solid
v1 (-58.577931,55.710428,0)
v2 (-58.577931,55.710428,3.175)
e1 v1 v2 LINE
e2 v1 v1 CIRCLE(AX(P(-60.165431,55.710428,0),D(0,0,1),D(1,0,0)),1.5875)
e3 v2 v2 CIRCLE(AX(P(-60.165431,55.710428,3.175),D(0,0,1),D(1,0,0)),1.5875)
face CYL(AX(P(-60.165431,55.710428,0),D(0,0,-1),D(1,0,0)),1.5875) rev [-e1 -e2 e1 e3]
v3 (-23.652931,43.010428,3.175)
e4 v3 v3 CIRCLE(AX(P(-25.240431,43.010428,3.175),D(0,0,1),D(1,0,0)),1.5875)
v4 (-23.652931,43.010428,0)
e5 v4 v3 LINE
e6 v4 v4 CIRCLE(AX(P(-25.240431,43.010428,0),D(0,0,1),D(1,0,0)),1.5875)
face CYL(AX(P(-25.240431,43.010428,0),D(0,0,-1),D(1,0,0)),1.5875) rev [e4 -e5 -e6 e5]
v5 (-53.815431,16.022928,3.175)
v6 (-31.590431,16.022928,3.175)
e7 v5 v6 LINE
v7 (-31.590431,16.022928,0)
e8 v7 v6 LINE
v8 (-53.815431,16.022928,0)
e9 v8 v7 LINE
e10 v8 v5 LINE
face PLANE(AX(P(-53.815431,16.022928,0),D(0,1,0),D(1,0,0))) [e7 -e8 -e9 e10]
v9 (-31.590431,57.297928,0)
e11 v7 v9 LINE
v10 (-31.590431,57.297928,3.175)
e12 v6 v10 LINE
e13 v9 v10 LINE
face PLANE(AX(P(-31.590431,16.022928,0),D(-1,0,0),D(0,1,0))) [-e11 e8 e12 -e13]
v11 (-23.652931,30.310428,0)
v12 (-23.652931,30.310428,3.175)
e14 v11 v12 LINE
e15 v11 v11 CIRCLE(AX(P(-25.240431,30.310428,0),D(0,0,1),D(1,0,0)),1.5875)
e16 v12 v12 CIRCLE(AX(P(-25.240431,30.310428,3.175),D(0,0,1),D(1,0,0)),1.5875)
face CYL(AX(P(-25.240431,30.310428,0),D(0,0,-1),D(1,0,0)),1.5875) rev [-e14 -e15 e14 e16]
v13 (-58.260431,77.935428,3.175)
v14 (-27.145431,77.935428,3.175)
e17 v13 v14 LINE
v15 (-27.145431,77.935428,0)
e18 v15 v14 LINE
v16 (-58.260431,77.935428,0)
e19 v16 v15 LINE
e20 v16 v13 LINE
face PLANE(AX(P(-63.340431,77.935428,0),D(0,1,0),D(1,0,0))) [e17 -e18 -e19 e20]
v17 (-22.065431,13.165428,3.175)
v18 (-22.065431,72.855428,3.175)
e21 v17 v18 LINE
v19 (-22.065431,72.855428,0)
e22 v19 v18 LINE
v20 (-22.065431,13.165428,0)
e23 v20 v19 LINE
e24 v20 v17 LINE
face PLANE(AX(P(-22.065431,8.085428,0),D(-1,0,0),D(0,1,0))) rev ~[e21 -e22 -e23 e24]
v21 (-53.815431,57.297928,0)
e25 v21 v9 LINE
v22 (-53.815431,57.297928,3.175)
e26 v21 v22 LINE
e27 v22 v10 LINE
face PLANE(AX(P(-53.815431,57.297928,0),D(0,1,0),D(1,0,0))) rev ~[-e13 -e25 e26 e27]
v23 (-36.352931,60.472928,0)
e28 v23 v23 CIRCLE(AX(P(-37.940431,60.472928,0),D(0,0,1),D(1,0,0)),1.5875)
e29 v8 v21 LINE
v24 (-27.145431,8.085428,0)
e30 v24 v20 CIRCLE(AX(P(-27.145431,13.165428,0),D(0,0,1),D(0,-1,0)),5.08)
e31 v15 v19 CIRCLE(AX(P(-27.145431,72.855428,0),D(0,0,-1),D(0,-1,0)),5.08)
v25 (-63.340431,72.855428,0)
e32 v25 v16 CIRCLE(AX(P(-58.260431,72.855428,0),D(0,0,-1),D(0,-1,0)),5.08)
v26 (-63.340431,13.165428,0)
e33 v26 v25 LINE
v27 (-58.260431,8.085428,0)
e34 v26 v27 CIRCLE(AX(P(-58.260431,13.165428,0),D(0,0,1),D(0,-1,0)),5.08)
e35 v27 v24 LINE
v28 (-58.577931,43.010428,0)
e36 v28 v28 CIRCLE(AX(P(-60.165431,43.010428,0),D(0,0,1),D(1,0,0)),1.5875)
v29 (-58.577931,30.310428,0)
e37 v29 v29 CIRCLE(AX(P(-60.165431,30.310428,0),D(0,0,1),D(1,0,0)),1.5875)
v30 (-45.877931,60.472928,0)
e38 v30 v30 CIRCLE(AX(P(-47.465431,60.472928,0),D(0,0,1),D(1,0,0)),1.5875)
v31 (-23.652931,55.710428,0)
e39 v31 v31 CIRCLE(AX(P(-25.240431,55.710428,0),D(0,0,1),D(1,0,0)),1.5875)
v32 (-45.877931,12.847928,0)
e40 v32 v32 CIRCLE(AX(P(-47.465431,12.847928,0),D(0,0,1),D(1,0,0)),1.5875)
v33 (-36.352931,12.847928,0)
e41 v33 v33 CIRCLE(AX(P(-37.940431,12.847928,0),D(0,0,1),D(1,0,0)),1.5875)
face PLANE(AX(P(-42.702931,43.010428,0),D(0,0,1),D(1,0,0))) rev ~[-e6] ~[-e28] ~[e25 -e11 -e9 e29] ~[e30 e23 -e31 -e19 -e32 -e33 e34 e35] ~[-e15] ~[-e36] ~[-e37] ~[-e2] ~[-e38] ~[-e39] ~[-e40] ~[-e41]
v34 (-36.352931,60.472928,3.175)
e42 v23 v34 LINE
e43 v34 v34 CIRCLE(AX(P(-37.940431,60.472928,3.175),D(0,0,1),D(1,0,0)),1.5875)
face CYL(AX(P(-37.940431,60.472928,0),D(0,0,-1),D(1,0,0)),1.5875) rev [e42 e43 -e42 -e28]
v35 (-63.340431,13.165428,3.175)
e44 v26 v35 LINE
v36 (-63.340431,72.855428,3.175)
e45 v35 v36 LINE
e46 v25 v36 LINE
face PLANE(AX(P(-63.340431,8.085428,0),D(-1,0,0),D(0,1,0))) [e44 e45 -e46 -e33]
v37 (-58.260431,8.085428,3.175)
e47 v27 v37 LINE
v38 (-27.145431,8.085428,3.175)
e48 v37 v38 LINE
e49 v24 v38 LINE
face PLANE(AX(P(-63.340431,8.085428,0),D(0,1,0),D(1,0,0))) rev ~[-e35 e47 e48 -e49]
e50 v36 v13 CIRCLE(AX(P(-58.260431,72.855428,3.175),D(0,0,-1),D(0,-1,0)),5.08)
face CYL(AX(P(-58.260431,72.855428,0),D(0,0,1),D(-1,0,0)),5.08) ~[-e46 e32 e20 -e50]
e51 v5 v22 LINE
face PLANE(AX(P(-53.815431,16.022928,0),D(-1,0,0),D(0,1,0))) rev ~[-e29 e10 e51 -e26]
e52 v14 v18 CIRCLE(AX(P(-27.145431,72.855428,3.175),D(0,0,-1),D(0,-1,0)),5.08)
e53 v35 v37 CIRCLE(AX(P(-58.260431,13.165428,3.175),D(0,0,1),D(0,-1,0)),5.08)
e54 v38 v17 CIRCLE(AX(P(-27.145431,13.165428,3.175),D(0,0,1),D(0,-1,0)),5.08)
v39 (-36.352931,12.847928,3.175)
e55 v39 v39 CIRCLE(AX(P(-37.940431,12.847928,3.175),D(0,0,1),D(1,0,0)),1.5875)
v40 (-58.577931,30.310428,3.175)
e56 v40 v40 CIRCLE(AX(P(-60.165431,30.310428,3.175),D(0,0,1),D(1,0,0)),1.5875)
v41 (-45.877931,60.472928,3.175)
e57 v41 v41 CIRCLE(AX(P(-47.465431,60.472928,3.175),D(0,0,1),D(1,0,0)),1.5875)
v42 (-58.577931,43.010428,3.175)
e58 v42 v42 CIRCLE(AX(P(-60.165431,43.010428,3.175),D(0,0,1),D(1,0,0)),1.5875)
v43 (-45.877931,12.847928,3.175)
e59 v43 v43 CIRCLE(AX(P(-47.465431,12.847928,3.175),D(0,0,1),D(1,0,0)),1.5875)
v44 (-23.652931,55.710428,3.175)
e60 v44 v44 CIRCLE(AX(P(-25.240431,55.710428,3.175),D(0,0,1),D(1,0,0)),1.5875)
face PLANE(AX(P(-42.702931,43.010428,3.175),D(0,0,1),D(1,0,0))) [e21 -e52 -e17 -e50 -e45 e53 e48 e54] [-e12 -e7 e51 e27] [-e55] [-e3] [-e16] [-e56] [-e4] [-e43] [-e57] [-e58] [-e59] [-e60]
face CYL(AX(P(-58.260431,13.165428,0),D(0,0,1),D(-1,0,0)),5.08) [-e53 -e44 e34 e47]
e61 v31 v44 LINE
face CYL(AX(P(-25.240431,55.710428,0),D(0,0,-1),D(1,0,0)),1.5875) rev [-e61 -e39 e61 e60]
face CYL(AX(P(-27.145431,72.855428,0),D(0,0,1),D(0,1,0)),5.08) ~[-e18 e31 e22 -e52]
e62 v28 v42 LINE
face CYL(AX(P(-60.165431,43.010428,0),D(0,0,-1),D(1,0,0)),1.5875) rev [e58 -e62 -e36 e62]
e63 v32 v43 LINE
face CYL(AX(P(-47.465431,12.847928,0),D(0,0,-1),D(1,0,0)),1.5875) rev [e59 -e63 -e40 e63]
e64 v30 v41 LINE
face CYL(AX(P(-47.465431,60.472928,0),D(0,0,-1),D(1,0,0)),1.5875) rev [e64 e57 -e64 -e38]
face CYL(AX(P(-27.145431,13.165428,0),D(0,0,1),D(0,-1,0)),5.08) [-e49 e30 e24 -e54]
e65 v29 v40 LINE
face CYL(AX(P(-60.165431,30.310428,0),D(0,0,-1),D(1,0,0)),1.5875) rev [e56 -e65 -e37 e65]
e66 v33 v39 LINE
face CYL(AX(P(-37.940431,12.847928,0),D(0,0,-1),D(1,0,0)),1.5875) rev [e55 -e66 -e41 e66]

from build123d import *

# Parameters (mm, degrees)
F0_W     = 41.275
F0_H     = 69.85
F0_R     = 1.5875
F0_W_2   = 22.225
F0_H_2   = 41.275
F1_DEPTH = 3.175
F2_R     = 5.08


with BuildPart() as f1:
    # F0 (on Top) → F1 (new body)
    with BuildSketch(Plane.XY):
        with Locations((-42.702931, 43.010428)):
            Rectangle(F0_W, F0_H)
        with Locations((-47.465431, 12.847928)):
            Circle(F0_R, mode=Mode.SUBTRACT)
        with Locations((-60.165431, 30.310428)):
            Circle(F0_R, mode=Mode.SUBTRACT)
        with Locations((-37.940431, 12.847928)):
            Circle(F0_R, mode=Mode.SUBTRACT)
        with Locations((-42.702931, 36.660428)):
            Rectangle(F0_W_2, F0_H_2, mode=Mode.SUBTRACT)
        with Locations((-25.240431, 30.310428)):
            Circle(F0_R, mode=Mode.SUBTRACT)
        with Locations((-25.240431, 43.010428)):
            Circle(F0_R, mode=Mode.SUBTRACT)
        with Locations((-60.165431, 43.010428)):
            Circle(F0_R, mode=Mode.SUBTRACT)
        with Locations((-60.165431, 55.710428)):
            Circle(F0_R, mode=Mode.SUBTRACT)
        with Locations((-47.465431, 60.472928)):
            Circle(F0_R, mode=Mode.SUBTRACT)
        with Locations((-37.940431, 60.472928)):
            Circle(F0_R, mode=Mode.SUBTRACT)
        with Locations((-25.240431, 55.710428)):
            Circle(F0_R, mode=Mode.SUBTRACT)
    extrude(amount=F1_DEPTH)

    # F2
    f2_edges = [f1.edges().sort_by_distance(p)[0] for p in [
        (-22.065431, 77.935428, 1.5875),
        (-63.340431, 77.935428, 1.5875),
        (-63.340431, 8.085428, 1.5875),
        (-22.065431, 8.085428, 1.5875),
    ]]
    fillet(f2_edges, radius=F2_R)


solid = f1.part
